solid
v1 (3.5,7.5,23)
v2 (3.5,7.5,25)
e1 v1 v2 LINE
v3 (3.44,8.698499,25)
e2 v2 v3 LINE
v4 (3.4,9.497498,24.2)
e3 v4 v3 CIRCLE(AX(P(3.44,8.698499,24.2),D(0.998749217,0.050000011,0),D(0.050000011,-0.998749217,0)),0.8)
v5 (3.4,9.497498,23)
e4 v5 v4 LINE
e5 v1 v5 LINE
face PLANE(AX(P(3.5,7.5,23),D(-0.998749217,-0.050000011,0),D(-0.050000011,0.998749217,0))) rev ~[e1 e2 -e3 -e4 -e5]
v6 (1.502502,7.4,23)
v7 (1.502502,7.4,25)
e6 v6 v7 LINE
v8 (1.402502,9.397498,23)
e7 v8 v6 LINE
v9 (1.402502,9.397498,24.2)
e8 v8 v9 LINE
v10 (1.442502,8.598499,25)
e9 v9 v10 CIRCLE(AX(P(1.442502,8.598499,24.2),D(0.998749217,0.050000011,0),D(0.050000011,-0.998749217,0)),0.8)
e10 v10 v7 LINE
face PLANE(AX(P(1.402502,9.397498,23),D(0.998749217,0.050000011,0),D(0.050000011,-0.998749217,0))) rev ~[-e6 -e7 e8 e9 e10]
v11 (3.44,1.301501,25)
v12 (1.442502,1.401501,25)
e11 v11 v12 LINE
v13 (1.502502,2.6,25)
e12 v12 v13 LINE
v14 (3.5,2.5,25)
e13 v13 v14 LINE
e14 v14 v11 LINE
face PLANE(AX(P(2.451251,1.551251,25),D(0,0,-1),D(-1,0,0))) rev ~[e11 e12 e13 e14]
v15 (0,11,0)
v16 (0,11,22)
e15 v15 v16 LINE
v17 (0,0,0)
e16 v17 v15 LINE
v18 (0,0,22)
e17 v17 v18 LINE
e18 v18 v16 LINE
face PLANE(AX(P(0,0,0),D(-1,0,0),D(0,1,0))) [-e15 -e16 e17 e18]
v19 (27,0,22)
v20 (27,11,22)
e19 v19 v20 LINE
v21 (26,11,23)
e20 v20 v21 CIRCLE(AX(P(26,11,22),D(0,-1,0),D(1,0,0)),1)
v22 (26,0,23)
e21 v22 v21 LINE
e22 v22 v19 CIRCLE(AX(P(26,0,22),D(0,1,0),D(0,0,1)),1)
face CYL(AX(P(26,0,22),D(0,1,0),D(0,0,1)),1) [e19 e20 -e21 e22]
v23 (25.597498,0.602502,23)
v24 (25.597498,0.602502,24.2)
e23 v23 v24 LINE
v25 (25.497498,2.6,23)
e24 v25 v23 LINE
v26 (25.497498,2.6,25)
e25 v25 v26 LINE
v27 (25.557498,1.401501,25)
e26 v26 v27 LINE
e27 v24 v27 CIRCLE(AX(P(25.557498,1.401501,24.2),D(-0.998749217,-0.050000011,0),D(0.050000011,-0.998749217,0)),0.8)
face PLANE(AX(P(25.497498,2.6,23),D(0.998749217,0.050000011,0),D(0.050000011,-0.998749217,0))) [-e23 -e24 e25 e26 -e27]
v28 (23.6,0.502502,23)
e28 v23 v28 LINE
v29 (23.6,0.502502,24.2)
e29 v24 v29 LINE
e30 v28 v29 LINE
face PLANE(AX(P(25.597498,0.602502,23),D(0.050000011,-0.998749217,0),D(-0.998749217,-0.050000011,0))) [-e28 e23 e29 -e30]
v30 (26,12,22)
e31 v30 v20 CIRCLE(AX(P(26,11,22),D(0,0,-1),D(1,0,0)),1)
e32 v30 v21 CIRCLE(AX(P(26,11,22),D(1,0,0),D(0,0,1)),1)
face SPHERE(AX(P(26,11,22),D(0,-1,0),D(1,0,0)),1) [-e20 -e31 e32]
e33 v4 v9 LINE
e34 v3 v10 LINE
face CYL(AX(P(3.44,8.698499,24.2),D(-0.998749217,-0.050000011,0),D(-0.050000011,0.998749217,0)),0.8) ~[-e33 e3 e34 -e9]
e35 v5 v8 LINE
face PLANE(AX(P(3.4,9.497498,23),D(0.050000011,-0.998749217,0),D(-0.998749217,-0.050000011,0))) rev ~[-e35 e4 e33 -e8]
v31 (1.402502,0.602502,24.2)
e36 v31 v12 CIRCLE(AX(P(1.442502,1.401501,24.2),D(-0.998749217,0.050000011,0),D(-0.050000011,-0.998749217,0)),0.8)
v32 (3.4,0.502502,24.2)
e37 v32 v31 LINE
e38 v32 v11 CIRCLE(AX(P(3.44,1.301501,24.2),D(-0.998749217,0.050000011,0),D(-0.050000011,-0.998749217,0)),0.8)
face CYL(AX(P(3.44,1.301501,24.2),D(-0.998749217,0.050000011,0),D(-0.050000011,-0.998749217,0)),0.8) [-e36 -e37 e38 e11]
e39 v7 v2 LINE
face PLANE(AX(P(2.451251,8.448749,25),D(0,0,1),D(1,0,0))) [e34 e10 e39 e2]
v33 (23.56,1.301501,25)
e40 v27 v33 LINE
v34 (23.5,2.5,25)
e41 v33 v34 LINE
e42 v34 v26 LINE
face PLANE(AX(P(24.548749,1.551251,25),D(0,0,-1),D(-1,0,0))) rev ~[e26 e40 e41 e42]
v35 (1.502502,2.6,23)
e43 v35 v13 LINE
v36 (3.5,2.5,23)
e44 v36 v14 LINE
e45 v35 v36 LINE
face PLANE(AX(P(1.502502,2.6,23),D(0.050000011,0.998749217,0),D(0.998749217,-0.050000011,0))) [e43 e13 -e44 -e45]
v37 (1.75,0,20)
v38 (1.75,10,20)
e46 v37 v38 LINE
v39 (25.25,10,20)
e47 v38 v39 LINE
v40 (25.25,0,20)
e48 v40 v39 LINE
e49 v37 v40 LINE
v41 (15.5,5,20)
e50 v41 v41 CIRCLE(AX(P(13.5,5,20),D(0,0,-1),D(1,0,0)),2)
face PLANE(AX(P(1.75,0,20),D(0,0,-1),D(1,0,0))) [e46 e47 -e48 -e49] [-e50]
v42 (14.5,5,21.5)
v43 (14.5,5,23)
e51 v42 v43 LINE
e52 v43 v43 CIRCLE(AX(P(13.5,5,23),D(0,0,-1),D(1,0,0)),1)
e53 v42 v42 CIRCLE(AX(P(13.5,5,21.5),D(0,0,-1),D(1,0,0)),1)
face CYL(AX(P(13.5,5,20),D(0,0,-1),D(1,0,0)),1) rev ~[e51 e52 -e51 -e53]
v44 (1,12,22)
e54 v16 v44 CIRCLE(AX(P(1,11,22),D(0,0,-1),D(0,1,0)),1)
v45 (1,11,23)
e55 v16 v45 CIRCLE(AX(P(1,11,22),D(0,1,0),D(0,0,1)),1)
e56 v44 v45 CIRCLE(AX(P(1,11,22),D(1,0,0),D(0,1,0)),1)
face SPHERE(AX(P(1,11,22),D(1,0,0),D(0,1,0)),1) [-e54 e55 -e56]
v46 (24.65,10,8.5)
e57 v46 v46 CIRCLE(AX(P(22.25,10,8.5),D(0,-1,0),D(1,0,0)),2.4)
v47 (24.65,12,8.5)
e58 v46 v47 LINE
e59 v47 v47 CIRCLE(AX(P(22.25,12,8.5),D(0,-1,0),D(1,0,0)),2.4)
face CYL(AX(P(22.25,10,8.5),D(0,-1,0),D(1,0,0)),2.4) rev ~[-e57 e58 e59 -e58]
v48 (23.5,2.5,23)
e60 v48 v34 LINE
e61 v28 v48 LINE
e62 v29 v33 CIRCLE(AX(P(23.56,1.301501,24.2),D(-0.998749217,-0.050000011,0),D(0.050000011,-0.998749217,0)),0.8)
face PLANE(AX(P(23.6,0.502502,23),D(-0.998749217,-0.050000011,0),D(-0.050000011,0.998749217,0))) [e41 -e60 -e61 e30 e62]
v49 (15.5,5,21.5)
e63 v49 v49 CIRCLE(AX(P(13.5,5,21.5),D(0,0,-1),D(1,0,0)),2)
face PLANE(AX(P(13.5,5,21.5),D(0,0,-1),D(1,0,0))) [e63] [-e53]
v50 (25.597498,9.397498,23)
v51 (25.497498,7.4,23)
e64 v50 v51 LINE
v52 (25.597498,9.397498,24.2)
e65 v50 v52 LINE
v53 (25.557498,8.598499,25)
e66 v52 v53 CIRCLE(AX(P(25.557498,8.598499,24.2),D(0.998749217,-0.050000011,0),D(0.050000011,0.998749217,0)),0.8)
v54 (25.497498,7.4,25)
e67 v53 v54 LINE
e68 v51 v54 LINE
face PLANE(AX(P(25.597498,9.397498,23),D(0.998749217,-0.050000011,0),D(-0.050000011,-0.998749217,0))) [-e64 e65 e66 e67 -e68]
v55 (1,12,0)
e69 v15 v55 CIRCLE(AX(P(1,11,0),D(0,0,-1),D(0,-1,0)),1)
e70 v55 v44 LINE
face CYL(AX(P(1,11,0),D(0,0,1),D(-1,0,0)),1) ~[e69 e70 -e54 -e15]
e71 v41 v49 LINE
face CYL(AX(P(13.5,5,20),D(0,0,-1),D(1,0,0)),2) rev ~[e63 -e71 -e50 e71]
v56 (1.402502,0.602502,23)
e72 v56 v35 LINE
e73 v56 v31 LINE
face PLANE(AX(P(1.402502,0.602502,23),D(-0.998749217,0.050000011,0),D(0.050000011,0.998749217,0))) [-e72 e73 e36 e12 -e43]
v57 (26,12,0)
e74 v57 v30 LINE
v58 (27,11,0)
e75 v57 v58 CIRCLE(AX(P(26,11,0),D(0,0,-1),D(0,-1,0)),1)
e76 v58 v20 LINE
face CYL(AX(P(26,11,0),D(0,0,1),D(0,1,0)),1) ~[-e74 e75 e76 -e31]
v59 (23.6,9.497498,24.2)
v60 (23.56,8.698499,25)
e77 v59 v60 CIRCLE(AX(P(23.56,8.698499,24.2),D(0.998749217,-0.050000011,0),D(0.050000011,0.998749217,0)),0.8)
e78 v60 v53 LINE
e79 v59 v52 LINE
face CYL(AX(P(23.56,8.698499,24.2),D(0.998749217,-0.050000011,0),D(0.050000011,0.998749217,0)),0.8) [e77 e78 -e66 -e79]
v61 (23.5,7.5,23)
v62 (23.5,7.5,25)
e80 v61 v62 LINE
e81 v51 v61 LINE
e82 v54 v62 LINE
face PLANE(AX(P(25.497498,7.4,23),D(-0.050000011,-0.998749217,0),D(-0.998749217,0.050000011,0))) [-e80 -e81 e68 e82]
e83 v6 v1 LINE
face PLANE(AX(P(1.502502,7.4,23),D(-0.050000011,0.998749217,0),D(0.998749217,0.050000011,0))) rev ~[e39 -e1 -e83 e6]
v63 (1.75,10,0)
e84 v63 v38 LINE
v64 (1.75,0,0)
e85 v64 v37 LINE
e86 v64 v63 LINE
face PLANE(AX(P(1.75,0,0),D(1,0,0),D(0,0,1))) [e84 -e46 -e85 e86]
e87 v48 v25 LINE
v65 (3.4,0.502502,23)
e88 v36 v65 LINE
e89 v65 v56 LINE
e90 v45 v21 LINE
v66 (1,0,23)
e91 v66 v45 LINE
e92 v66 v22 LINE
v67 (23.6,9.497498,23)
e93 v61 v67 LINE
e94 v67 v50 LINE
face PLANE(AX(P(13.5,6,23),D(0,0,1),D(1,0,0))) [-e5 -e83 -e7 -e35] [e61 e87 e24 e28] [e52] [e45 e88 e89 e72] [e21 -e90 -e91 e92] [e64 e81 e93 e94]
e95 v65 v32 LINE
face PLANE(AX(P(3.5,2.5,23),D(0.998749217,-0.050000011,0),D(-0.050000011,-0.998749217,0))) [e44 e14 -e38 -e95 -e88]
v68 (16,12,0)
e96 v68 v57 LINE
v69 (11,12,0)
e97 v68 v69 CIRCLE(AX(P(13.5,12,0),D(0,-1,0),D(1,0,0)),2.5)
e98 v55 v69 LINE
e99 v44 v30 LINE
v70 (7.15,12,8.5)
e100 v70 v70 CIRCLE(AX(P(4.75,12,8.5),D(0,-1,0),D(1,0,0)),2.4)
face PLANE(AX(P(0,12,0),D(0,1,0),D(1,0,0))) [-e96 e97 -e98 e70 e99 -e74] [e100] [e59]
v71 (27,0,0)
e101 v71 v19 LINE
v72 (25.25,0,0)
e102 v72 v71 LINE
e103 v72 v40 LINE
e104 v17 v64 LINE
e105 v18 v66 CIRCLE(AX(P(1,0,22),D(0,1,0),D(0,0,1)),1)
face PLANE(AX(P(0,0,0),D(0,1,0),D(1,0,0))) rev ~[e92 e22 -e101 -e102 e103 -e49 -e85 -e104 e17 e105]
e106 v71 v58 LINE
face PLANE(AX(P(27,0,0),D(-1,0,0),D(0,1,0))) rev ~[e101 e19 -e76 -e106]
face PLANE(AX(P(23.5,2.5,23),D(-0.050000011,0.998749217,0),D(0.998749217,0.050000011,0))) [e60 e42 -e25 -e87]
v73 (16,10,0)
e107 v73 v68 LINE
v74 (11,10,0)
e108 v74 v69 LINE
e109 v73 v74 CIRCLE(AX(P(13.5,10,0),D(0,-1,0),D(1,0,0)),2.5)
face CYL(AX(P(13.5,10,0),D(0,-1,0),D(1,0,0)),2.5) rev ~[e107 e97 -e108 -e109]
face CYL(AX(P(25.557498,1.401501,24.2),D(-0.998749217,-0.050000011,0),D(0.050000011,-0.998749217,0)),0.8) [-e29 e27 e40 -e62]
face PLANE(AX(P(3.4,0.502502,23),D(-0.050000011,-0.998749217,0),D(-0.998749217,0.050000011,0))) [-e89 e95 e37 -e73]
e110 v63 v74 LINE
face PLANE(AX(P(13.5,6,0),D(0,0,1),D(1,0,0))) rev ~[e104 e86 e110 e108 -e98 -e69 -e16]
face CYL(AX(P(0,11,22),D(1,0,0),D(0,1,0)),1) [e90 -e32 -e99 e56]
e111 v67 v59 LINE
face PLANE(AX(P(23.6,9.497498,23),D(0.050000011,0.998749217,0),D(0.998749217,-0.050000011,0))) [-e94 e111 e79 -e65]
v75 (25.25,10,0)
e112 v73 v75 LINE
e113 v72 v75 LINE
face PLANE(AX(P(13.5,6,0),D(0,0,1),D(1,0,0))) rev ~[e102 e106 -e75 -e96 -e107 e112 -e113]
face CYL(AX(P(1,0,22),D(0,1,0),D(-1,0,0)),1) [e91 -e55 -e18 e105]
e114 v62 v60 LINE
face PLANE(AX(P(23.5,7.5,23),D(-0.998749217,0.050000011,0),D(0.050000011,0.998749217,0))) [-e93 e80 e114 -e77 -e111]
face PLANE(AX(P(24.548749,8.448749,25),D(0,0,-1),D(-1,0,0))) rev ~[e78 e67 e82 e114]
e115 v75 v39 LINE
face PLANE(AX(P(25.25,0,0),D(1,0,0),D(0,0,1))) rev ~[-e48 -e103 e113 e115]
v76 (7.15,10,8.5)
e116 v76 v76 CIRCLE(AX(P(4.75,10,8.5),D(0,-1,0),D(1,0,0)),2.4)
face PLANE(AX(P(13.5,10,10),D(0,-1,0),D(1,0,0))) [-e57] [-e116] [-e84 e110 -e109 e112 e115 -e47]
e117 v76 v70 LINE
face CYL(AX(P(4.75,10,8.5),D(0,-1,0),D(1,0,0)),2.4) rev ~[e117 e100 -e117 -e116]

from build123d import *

# Parameters (mm, degrees)
BOX_W           = 27
BOX_H           = 12
BOX_DEPTH       = 23
SKETCH_W        = 23.5
SKETCH_H        = 20
POCKET_DEPTH    = 10
SKETCH002_R     = 1
POCKET001_DEPTH = 3.001
SKETCH003_R     = 2
POCKET002_DEPTH = 1.5
SKETCH004_R     = 2.4
POCKET003_DEPTH = 2.001
POCKET004_DEPTH = 2.001
PAD_DEPTH       = 2
FILLET_R        = 1
FILLET001_R     = 0.8


with BuildPart() as part:
    # Box → Box (new body)
    with BuildSketch(Plane.XY):
        with Locations((13.5, 6)):
            Rectangle(BOX_W, BOX_H)
    extrude(amount=BOX_DEPTH)

    # Sketch (on Face3 of BaseFeature) → Pocket (cut)
    with BuildSketch(Plane.XZ):
        with Locations((13.5, 10)):
            Rectangle(SKETCH_W, SKETCH_H)
    extrude(amount=-POCKET_DEPTH, mode=Mode.SUBTRACT)

    # Sketch002 (on Face7 of Pocket) → Pocket001 (cut, through all)
    with BuildSketch(Plane(origin=(0, 0, 20), x_dir=(1, 0, 0), z_dir=(0, 0, -1))):
        with Locations((13.5, -5)):
            Circle(SKETCH002_R)
    extrude(amount=-POCKET001_DEPTH, mode=Mode.SUBTRACT)

    # Sketch003 (on Face7 of Pocket001) → Pocket002 (cut)
    with BuildSketch(Plane(origin=(0, 0, 20), x_dir=(1, 0, 0), z_dir=(0, 0, -1))):
        with Locations((13.5, -5)):
            Circle(SKETCH003_R)
    extrude(amount=-POCKET002_DEPTH, mode=Mode.SUBTRACT)

    # Sketch004 (on Face11 of Pocket002) → Pocket003 (cut, through all)
    with BuildSketch(Plane.XZ.offset(-10)):
        with Locations((4.75, 8.5)):
            Circle(SKETCH004_R)
        with Locations((22.25, 8.5)):
            Circle(SKETCH004_R)
    extrude(amount=-POCKET003_DEPTH, mode=Mode.SUBTRACT)

    # Sketch005 (on Face13 of Pocket003) → Pocket004 (cut, through all)
    with BuildSketch(Plane.XZ.offset(-10)):
        with BuildLine():
            ThreePointArc((16, 0), (13.5, 2.5), (11, 0))
            Line((11, 0), (16, 0))
        make_face()
    extrude(amount=-POCKET004_DEPTH, mode=Mode.SUBTRACT)

    # Sketch006 (on Face3 of Pocket004) → Pad (join)
    with BuildSketch(Plane.XY.offset(23)):
        Polygon((3.4, 9.497498), (1.402502, 9.397498), (1.502502, 7.4), (3.5, 7.5), align=None)
        Polygon((1.502502, 2.6), (3.5, 2.5), (3.4, 0.502502), (1.402502, 0.602502), align=None)
        Polygon((23.5, 2.5), (25.497498, 2.6), (25.597498, 0.602502), (23.6, 0.502502), align=None)
        Polygon((23.6, 9.497498), (25.597498, 9.397498), (25.497498, 7.4), (23.5, 7.5), align=None)
    extrude(amount=PAD_DEPTH)

    # Fillet
    fillet_edges = [part.edges().sort_by_distance(p)[0] for p in [
        (27, 6, 23),
        (27, 12, 11.5),
        (13.5, 12, 23),
        (0, 12, 11.5),
        (0, 6, 23),
    ]]
    fillet(fillet_edges, radius=FILLET_R)

    # Fillet001
    fillet001_edges = [part.edges().sort_by_distance(p)[0] for p in [
        (2.401251, 9.447498, 25),
        (2.401251, 0.552502, 25),
        (24.598749, 9.447498, 25),
        (24.598749, 0.552502, 25),
    ]]
    fillet(fillet001_edges, radius=FILLET001_R)


solid = part.part
